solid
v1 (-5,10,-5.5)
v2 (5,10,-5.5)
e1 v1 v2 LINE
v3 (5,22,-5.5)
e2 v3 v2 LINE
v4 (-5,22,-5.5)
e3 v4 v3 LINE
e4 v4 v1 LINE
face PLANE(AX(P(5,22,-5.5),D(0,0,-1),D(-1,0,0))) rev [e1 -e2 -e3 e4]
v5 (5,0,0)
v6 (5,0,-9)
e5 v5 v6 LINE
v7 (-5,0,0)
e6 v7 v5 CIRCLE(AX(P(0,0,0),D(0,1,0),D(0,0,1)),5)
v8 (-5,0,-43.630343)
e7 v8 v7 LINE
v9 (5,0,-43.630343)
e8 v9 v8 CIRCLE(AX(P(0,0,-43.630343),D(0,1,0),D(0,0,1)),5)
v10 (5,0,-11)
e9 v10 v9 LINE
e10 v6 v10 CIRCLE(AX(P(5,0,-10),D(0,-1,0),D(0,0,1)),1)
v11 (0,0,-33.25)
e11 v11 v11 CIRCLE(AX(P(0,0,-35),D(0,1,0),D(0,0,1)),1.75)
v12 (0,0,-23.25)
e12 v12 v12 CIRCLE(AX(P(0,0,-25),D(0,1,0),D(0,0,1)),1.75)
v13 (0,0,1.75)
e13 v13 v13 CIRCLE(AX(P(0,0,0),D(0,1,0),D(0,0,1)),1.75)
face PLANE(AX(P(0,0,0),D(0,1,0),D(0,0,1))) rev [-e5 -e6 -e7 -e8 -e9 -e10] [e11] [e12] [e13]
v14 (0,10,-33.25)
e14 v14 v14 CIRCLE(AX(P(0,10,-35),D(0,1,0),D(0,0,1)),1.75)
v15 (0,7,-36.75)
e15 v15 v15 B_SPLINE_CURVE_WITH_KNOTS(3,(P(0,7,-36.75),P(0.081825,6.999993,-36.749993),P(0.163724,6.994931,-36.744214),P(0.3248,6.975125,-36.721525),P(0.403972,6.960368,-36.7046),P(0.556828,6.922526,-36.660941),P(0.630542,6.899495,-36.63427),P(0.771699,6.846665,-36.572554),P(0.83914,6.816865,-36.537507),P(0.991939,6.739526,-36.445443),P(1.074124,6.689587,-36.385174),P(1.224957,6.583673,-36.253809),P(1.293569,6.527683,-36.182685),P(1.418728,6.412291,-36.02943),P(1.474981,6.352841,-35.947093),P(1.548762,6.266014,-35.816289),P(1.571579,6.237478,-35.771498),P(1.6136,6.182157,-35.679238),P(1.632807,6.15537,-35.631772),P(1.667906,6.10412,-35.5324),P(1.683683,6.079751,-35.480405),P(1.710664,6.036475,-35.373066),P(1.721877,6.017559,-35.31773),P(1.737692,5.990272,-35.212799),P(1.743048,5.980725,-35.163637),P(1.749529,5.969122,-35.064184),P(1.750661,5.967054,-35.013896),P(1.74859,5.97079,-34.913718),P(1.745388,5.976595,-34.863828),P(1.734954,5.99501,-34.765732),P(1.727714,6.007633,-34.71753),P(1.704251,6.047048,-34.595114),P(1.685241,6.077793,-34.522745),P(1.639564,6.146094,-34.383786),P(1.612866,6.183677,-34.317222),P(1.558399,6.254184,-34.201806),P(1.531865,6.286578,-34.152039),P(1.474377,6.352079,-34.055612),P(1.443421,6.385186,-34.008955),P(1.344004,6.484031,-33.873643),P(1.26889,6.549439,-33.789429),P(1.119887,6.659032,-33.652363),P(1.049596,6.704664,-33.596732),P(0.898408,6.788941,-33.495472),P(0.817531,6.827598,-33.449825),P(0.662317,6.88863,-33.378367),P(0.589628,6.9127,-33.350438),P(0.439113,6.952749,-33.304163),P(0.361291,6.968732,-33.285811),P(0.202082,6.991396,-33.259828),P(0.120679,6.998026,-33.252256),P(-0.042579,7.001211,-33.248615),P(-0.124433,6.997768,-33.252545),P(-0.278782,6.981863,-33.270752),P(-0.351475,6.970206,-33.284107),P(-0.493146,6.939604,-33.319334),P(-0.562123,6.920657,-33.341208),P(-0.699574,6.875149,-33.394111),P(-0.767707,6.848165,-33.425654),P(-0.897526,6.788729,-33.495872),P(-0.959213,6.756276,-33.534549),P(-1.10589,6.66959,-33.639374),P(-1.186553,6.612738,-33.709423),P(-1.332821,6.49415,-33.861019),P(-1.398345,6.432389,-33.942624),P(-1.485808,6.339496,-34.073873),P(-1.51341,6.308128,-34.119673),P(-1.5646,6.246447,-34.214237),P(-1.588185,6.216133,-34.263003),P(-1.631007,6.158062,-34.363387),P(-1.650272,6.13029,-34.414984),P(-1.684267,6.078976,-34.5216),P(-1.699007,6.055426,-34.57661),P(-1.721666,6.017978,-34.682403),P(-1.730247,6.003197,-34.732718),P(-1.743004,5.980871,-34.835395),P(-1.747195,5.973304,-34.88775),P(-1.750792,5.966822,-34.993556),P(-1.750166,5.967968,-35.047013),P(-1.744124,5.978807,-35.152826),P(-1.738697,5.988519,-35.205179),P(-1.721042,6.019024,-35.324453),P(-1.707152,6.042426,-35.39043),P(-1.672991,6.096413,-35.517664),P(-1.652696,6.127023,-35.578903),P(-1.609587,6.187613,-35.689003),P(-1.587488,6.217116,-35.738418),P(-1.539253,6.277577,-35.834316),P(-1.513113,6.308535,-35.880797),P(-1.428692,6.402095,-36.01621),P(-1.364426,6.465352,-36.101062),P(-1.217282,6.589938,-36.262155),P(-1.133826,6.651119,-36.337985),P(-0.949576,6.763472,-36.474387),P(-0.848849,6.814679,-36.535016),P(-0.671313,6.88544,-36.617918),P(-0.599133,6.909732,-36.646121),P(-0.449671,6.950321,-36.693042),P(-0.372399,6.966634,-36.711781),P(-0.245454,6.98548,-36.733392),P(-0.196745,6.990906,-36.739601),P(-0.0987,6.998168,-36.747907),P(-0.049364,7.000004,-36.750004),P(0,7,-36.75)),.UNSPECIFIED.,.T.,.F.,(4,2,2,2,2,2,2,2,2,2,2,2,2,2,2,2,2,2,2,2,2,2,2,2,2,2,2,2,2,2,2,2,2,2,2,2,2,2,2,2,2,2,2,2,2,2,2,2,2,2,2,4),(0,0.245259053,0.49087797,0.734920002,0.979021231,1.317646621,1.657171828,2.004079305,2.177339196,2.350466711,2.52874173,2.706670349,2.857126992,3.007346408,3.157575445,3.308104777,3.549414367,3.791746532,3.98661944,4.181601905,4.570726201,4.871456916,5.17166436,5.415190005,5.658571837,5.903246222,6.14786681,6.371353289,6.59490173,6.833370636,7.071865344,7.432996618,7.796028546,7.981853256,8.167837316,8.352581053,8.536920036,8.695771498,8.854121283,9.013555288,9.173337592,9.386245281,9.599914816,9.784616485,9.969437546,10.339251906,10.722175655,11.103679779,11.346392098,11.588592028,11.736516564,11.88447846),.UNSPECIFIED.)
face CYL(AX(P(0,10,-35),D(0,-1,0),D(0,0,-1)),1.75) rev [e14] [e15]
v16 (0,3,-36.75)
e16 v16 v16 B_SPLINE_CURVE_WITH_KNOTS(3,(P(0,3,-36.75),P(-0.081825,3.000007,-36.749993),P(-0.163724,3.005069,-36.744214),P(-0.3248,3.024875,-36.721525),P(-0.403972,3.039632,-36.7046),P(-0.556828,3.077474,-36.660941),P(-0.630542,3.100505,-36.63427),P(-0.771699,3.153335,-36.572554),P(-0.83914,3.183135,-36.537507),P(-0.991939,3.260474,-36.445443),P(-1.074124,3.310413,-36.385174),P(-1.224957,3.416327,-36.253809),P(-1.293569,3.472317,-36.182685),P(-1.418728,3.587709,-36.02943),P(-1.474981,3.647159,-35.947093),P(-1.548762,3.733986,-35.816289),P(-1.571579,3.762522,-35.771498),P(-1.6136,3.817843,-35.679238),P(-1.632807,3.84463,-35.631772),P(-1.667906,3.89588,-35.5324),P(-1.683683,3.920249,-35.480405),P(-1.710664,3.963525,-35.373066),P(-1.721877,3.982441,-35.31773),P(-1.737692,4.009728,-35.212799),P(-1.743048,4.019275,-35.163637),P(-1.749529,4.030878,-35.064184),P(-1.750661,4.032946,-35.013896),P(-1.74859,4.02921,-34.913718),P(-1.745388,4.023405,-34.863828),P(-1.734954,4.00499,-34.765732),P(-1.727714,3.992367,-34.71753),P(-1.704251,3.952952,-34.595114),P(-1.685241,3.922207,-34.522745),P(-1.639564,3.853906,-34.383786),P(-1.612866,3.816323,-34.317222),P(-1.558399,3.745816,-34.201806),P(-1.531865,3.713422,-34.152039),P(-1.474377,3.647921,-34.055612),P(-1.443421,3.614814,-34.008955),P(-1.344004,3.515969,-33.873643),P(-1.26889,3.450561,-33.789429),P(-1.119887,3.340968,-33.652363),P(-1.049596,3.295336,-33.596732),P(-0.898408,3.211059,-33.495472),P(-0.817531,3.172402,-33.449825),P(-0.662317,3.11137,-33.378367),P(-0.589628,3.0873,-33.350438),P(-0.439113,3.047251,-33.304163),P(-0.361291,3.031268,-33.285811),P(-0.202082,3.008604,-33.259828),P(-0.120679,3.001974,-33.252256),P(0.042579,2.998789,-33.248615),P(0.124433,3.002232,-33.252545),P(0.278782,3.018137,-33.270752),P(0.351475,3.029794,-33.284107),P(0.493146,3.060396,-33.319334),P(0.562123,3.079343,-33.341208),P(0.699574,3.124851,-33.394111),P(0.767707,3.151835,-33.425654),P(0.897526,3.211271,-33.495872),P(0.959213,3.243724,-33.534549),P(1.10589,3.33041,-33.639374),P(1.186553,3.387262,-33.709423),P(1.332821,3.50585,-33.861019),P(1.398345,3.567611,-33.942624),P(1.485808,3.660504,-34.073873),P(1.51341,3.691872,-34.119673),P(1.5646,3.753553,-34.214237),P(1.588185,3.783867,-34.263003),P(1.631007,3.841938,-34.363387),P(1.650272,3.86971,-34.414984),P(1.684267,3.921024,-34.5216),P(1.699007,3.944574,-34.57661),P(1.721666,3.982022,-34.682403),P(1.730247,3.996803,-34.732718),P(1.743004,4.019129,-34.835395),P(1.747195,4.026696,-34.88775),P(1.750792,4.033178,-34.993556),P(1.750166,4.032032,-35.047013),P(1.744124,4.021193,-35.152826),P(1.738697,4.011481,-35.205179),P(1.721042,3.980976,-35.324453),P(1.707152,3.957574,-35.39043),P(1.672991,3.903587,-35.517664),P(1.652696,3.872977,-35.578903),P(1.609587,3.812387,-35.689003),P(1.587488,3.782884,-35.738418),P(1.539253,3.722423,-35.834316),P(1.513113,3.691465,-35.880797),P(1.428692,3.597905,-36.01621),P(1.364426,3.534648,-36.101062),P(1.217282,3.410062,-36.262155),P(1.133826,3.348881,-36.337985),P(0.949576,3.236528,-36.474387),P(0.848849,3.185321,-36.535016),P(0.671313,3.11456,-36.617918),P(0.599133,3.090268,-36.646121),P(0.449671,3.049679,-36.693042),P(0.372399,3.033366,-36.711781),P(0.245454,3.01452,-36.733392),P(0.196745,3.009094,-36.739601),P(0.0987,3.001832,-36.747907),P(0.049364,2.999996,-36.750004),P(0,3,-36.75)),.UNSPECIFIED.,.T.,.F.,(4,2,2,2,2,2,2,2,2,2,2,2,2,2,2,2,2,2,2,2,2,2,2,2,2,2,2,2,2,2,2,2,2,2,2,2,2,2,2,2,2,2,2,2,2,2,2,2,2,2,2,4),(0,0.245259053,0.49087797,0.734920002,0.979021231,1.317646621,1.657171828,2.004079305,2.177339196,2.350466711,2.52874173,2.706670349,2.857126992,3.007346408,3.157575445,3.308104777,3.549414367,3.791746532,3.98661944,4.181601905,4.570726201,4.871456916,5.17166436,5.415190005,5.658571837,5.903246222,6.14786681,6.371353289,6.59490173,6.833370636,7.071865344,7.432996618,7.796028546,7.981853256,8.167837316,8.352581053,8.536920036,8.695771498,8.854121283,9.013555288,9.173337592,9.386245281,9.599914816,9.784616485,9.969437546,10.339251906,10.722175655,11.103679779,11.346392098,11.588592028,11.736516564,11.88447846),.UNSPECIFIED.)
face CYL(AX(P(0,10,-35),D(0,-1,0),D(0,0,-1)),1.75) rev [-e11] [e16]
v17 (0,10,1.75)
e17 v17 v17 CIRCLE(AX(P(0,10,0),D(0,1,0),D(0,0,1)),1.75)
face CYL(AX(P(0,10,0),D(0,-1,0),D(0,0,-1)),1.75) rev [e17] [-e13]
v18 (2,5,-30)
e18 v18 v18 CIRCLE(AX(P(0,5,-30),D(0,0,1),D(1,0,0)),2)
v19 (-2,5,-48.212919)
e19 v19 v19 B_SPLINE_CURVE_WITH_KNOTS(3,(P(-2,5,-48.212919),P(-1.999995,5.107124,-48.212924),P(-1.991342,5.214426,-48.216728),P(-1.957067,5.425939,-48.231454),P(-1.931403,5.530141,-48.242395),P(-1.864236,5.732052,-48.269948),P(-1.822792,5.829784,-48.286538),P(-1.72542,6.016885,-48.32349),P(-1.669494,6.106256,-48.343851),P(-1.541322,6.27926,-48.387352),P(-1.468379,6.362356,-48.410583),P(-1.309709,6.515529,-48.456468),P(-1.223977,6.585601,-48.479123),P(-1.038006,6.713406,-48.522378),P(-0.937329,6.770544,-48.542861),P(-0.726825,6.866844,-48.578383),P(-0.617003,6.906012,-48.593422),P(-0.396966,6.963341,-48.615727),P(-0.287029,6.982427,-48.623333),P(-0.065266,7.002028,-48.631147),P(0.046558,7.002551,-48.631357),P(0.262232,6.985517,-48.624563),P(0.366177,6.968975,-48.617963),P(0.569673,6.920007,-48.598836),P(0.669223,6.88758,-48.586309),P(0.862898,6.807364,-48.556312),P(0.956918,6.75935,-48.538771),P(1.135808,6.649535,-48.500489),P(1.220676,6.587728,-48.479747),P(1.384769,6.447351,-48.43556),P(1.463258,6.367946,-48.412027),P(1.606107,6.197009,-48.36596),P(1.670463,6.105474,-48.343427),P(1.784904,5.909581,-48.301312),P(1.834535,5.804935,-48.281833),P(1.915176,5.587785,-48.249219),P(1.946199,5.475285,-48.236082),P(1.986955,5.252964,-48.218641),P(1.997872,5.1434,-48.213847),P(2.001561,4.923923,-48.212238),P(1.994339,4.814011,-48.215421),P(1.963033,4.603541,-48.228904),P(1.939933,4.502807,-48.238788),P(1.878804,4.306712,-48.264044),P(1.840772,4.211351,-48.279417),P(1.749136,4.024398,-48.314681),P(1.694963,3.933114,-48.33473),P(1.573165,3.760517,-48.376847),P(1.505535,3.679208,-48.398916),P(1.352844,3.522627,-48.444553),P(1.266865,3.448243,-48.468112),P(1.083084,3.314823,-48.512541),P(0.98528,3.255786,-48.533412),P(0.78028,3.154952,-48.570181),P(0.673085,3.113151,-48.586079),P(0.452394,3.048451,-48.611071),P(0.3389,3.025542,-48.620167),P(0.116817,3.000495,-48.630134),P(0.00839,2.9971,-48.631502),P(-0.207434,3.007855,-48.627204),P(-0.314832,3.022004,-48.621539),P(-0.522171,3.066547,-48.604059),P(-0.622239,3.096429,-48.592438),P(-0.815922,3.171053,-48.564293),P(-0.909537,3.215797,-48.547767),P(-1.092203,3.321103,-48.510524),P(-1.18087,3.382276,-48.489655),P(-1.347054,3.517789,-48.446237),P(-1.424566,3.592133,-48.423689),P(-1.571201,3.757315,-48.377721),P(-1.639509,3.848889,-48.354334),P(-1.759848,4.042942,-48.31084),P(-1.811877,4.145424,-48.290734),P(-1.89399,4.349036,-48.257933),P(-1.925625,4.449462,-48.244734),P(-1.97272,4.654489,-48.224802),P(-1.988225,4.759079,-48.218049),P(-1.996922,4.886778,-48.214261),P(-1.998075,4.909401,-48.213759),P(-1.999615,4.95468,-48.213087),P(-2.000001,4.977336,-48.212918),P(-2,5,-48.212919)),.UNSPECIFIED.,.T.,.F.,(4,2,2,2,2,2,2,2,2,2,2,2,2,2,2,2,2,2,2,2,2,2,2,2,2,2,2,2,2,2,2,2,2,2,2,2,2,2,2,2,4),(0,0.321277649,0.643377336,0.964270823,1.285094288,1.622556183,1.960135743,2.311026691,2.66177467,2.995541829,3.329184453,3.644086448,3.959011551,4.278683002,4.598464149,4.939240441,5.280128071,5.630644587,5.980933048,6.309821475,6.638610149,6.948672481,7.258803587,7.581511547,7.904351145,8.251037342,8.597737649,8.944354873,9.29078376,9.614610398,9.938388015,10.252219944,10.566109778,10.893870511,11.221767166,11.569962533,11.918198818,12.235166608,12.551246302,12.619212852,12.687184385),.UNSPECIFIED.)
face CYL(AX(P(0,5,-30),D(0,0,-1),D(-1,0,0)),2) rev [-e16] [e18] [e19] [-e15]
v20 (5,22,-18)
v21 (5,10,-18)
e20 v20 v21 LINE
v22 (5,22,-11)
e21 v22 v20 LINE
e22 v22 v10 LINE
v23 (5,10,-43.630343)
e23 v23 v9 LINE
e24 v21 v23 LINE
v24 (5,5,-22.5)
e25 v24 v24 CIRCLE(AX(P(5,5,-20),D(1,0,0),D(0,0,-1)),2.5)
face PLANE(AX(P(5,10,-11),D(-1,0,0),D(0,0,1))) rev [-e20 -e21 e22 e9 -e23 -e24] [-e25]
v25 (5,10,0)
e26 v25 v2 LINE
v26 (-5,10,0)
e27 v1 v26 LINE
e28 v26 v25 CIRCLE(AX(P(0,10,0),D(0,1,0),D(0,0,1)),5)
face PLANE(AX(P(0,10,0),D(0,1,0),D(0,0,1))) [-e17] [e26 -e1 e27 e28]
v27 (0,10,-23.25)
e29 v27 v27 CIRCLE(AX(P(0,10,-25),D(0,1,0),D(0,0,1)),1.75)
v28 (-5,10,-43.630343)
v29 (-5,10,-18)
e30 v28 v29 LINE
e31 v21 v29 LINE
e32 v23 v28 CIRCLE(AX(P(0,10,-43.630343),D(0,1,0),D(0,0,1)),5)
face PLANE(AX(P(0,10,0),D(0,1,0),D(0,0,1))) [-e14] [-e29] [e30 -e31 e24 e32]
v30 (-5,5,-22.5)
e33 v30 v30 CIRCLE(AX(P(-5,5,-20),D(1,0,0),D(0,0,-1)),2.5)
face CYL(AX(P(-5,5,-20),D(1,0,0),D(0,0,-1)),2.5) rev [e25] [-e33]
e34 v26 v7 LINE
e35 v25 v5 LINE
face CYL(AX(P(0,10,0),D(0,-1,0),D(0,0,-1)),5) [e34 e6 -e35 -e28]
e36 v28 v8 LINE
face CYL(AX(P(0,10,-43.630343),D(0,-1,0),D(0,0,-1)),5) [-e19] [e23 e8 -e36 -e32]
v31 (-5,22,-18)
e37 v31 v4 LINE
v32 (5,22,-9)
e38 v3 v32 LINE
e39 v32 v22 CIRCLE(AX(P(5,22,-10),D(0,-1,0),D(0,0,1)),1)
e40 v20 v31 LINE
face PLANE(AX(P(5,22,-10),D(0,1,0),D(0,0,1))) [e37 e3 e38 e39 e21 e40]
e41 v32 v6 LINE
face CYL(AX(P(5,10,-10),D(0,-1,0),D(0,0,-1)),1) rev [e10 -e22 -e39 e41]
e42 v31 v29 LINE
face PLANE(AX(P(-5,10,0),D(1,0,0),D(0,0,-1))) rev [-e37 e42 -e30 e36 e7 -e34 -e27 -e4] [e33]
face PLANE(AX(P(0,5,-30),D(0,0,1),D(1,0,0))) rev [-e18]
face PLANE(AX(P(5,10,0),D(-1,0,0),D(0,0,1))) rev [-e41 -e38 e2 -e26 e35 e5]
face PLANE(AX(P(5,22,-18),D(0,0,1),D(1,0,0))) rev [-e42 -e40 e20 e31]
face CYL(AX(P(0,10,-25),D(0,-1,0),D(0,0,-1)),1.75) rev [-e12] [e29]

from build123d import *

# Parameters (mm, degrees)
SKETCH1_R           = 1.75
BOSS_EXTRUDE1_DEPTH = 10
SKETCH2_R           = 2.5
CUT_EXTRUDE1_DEPTH  = 51.644943511
BOSS_EXTRUDE2_DEPTH = 12
SKETCH4_R           = 2
CUT_EXTRUDE2_DEPTH  = 25


with BuildPart() as part:
    # Sketch1 → Boss-Extrude1 (new body)
    with BuildSketch(Plane(origin=(0, 0, 0), x_dir=(1, 0, 0), z_dir=(0, 1, 0))):
        with BuildLine():
            Line((-5, 0), (-5, 43.630343442))
            ThreePointArc((-5, 43.630343442), (0, 48.630343442), (5, 43.630343442))
            Line((5, 43.630343442), (5, 11))
            ThreePointArc((5, 11), (4, 10), (5, 9))
            Line((5, 9), (5, 0))
            ThreePointArc((5, 0), (0, -5), (-5, 0))
        make_face()
        with Locations(Location((0, 0, 0), (0, 0, 270))):
            Circle(SKETCH1_R, mode=Mode.SUBTRACT)
        with Locations(Location((0, 25, 0), (0, 0, 270))):
            Circle(SKETCH1_R, mode=Mode.SUBTRACT)
        with Locations(Location((0, 35, 0), (0, 0, 270))):
            Circle(SKETCH1_R, mode=Mode.SUBTRACT)
    extrude(amount=BOSS_EXTRUDE1_DEPTH)

    # Sketch2 → Cut-Extrude1 (cut, through all)
    with BuildSketch(Plane(origin=(5, 0, 0), x_dir=(0, 0, -1), z_dir=(1, 0, 0))):
        with Locations((20, 5)):
            Circle(SKETCH2_R)
    extrude(amount=-CUT_EXTRUDE1_DEPTH, mode=Mode.SUBTRACT)

    # Sketch3 → Boss-Extrude2 (add)
    with BuildSketch(Plane(origin=(0, 10, 0), x_dir=(1, 0, 0), z_dir=(0, 1, 0))):
        with BuildLine():
            Line((5, 5.5), (-5, 5.5))
            Line((-5, 5.5), (-5, 18))
            Line((-5, 18), (5, 18))
            Line((5, 18), (5, 11))
            ThreePointArc((5, 11), (4, 10), (5, 9))
            Line((5, 9), (5, 5.5))
        make_face()
    extrude(amount=BOSS_EXTRUDE2_DEPTH)

    # Sketch4 → Cut-Extrude2 (cut)
    with BuildSketch(Plane.XY.offset(-55)):
        with Locations(Location((0, 5, 0), (0, 0, 180))):
            Circle(SKETCH4_R)
    extrude(amount=CUT_EXTRUDE2_DEPTH, mode=Mode.SUBTRACT)


solid = part.part
